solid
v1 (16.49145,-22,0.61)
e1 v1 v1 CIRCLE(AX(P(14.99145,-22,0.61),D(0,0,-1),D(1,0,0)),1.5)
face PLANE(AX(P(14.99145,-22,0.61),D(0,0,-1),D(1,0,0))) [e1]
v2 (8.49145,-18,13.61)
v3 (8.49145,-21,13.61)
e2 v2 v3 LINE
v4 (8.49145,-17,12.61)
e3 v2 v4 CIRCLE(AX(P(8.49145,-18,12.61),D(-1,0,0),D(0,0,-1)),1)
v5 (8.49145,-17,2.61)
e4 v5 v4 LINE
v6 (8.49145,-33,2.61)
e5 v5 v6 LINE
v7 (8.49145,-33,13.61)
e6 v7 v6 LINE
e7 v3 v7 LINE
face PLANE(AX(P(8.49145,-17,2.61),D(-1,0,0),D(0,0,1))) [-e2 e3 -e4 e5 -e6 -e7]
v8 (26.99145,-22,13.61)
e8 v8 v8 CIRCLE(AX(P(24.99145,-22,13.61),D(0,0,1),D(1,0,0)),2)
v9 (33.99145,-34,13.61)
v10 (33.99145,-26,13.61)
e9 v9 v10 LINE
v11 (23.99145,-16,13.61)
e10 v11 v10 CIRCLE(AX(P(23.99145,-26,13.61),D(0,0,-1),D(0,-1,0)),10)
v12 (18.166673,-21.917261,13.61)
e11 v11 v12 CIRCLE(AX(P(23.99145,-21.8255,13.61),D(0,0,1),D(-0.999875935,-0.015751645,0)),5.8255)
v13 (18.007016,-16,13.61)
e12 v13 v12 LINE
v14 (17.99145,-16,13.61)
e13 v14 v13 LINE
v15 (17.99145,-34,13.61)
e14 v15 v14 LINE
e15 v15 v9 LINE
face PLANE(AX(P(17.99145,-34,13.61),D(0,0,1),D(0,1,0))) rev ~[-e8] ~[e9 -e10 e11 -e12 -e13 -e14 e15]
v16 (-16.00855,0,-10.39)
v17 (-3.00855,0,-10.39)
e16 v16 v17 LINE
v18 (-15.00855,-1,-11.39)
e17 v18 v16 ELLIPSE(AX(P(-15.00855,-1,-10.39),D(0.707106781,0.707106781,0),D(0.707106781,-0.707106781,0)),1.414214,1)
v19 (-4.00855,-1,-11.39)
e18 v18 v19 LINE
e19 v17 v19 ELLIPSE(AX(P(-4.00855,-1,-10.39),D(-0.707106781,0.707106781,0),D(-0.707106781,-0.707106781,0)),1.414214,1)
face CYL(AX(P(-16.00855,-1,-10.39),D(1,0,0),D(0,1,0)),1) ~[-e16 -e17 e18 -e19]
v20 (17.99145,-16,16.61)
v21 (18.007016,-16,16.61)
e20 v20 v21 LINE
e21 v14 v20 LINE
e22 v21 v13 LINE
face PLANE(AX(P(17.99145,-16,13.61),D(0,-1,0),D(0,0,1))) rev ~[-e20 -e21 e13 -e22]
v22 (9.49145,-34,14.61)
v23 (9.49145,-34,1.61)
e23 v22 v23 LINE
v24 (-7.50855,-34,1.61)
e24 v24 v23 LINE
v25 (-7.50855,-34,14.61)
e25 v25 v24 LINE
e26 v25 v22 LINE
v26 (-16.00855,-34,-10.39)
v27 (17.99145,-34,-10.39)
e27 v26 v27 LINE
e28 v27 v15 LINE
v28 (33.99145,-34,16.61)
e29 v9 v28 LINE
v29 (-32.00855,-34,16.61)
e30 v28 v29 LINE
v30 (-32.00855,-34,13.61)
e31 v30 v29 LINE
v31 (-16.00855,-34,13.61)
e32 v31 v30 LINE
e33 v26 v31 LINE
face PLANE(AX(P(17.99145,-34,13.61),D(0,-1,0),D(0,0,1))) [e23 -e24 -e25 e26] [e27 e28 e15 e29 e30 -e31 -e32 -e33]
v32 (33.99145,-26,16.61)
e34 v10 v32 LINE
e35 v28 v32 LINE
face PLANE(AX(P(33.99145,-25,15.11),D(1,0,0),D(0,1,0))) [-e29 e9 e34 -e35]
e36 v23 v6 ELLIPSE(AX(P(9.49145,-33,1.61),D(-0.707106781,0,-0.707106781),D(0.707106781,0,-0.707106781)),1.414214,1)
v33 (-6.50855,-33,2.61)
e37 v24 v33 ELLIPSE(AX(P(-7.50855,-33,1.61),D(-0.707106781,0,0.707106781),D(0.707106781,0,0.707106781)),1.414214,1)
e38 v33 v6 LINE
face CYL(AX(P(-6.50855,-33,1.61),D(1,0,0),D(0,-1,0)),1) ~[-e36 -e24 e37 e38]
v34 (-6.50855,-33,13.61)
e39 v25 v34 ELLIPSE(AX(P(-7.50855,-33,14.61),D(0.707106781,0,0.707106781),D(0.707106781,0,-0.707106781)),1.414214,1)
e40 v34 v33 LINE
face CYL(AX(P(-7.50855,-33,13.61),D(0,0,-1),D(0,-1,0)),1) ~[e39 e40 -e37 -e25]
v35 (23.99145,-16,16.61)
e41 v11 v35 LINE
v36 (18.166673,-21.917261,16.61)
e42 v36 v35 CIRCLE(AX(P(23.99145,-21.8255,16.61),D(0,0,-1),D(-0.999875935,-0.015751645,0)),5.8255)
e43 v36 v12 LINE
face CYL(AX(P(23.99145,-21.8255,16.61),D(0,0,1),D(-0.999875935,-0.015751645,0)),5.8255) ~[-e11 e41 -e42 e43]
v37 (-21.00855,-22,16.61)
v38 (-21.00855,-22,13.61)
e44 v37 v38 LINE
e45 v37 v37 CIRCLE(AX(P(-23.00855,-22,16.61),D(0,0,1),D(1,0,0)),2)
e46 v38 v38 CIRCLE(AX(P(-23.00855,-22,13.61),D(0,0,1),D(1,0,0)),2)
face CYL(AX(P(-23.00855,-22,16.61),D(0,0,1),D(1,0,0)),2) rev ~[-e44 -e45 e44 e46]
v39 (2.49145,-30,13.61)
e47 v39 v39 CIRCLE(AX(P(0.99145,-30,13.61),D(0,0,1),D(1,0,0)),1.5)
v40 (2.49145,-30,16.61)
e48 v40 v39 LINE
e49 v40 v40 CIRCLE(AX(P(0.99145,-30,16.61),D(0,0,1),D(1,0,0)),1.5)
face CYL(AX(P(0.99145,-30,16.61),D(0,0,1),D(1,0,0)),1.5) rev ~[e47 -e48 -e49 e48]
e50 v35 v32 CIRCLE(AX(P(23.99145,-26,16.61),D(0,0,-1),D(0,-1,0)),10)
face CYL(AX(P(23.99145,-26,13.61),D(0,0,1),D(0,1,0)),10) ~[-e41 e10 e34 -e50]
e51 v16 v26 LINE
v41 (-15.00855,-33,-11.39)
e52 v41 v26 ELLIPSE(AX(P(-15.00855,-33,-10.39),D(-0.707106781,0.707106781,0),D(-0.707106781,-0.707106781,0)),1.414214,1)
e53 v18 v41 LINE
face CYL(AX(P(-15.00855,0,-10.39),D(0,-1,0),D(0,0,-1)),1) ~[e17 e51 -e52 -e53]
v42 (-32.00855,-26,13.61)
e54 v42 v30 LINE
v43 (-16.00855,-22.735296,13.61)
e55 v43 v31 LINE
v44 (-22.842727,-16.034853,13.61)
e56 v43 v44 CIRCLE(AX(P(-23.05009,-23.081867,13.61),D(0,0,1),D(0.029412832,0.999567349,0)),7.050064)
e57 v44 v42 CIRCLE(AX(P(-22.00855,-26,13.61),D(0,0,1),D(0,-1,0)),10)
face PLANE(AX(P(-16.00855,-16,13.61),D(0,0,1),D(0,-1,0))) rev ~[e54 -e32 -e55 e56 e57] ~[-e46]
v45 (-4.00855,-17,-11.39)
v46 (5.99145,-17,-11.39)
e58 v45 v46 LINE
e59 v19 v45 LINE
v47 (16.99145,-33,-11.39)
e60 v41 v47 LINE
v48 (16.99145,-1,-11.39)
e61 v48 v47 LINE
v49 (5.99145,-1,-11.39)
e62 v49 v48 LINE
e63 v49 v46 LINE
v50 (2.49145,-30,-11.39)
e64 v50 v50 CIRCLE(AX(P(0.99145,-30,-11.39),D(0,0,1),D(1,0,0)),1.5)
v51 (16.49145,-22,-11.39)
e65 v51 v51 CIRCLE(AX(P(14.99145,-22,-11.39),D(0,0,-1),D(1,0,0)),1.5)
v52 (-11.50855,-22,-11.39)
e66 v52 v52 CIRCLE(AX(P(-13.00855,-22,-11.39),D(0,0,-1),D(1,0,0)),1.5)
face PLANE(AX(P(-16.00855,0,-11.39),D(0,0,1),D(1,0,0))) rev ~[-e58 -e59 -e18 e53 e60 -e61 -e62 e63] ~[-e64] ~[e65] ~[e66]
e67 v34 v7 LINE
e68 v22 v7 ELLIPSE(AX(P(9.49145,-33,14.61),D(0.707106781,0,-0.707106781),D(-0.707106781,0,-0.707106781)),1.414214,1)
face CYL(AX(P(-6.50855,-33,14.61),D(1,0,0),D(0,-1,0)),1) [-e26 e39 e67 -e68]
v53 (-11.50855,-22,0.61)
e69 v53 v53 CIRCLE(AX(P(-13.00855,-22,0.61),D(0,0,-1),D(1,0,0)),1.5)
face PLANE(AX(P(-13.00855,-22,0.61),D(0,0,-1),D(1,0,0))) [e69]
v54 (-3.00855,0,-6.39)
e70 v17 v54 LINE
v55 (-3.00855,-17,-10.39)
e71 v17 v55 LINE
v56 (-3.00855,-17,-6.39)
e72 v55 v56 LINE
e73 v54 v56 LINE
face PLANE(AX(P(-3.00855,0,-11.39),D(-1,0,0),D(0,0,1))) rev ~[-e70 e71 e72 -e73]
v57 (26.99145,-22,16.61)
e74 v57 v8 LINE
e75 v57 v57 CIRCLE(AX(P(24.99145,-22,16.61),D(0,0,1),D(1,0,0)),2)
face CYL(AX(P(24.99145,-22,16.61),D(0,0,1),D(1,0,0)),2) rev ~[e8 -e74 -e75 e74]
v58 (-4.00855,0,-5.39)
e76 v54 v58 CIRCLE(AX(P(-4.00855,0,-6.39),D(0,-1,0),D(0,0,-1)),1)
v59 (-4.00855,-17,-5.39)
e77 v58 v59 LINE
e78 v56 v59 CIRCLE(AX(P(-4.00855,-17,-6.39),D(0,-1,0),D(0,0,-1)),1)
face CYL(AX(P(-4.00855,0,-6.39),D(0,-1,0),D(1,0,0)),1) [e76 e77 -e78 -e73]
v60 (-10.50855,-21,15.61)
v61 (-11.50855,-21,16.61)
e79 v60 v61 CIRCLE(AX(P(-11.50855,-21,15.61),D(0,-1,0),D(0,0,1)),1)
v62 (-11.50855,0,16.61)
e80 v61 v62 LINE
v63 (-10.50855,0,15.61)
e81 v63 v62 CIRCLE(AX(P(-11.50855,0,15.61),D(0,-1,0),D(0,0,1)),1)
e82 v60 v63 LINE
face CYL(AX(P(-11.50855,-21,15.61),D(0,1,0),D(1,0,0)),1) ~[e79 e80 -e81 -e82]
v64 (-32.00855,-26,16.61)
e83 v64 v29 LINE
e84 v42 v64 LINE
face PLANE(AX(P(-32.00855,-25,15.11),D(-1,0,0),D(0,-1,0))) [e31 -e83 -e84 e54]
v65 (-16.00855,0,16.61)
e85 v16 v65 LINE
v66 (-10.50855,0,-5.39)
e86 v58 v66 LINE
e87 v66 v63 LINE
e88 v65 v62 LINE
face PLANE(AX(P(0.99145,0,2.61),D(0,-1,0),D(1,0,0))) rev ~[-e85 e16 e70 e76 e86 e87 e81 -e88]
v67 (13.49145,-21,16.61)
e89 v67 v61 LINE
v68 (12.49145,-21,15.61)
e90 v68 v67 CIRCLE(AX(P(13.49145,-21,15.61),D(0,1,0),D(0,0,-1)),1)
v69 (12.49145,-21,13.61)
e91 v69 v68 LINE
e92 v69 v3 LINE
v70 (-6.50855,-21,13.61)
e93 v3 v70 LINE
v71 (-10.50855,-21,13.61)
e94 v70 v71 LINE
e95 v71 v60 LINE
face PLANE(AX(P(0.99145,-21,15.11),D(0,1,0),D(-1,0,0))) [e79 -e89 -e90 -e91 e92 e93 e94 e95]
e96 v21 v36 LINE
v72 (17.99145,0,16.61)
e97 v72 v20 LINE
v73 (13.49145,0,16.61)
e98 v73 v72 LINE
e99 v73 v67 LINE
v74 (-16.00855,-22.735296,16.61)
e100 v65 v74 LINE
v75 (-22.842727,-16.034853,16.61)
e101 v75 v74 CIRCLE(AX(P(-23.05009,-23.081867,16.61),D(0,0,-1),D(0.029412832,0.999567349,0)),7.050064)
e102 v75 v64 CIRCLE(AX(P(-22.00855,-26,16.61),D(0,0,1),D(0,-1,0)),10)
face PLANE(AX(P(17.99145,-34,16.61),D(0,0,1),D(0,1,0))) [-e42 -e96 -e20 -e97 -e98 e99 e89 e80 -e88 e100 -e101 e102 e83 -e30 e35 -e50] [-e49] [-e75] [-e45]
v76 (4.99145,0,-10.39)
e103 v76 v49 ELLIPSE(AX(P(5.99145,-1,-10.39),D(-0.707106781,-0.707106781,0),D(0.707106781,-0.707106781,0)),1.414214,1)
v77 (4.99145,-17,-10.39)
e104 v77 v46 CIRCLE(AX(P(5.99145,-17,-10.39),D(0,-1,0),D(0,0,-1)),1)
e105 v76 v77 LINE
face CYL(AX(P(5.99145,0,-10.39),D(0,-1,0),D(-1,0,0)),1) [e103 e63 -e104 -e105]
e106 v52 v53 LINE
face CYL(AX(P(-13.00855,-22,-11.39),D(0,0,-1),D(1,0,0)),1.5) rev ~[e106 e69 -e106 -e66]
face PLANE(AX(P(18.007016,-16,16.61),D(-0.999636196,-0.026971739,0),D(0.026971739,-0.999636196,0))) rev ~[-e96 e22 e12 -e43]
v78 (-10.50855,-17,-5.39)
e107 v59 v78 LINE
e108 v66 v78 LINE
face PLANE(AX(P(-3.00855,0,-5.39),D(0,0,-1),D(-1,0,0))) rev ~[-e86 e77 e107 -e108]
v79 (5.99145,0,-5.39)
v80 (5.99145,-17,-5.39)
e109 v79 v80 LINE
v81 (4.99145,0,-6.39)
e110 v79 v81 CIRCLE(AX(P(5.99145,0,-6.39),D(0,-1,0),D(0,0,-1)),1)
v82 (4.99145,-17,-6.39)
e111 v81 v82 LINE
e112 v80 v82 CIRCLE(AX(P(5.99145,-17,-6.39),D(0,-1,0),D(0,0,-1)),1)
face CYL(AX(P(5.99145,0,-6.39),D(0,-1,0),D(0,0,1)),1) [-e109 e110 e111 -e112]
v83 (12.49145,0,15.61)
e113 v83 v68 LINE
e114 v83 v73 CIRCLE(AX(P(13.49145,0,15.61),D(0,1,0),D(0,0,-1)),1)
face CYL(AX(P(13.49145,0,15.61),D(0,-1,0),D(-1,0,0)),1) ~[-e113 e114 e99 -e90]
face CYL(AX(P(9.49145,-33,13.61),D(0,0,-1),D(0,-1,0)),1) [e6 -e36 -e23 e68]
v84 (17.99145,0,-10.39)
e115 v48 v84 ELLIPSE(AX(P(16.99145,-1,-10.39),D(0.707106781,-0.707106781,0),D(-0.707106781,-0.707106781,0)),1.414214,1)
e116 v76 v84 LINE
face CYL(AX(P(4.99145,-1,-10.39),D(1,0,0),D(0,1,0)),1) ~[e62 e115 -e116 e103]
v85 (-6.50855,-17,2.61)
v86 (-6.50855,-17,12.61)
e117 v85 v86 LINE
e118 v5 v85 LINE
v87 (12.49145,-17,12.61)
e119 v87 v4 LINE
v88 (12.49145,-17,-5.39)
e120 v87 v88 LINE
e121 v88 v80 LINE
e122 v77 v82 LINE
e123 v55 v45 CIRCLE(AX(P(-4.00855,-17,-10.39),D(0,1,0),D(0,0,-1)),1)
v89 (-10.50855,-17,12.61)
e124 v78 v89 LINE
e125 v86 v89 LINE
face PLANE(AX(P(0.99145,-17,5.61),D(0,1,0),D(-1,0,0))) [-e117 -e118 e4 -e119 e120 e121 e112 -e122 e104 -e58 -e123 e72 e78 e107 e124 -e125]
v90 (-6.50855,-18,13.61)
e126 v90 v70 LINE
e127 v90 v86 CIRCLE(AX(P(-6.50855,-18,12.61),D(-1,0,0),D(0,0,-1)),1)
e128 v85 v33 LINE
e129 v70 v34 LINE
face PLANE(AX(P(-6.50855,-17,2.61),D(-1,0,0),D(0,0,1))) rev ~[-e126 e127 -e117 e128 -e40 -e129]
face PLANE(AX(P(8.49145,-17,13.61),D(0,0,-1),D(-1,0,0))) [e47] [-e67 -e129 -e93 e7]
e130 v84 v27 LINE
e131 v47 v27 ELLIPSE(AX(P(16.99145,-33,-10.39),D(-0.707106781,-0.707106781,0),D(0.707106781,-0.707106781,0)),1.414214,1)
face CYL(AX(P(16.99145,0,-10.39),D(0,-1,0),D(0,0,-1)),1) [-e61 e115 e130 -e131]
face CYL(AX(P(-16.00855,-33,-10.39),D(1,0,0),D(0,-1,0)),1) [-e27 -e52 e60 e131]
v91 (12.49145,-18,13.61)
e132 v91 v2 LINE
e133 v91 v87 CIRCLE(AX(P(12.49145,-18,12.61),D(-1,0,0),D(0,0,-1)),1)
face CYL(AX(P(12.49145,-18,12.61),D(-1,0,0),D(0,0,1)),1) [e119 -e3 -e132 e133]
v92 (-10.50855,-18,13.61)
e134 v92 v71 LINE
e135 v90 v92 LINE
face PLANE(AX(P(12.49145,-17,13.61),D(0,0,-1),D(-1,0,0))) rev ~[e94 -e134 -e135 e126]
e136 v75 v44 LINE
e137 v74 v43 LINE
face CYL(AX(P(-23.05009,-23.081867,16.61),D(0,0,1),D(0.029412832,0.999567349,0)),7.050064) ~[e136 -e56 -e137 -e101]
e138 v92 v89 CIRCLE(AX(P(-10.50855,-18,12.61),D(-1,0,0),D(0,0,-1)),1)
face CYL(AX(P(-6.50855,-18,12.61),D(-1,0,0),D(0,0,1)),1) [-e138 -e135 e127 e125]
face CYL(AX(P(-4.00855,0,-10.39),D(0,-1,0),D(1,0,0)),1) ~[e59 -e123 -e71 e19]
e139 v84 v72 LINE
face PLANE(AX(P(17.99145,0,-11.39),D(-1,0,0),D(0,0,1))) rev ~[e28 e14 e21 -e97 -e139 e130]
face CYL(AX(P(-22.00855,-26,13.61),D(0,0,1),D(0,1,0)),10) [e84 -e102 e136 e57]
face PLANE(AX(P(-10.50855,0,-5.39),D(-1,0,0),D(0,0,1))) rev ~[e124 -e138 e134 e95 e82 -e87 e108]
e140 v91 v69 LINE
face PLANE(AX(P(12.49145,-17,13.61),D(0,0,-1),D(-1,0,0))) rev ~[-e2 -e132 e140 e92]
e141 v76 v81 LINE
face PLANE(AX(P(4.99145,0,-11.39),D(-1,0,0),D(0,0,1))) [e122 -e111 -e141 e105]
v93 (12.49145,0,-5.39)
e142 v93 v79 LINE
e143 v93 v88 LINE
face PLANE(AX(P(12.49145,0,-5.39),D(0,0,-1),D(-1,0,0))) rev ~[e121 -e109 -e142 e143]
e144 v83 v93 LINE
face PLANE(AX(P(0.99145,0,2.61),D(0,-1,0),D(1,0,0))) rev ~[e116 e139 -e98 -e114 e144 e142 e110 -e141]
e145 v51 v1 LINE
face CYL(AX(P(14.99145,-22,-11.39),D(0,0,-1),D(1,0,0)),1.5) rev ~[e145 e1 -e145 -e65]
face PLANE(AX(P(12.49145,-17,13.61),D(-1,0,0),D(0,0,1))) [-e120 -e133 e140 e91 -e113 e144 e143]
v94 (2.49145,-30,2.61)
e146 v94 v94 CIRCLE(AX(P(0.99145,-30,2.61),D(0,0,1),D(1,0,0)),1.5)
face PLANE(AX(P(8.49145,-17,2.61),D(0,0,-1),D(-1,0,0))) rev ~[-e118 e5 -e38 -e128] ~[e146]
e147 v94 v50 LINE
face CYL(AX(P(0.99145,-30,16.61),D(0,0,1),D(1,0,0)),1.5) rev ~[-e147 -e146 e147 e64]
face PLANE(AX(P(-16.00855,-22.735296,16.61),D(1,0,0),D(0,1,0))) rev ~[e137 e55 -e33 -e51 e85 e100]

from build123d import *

# Parameters (mm, degrees)
F0_W      = 34
F0_H      = 28
F1_DEPTH  = 34
F3_R      = 1.5
F4_DEPTH  = 12
F5_W      = 8
F5_H      = 6
F6_DEPTH  = 17
F2_R      = 1.5
F7_DEPTH  = 28.001
F8_W      = 23
F8_H      = 3
F9_DEPTH  = 4
F10_W     = 15
F10_H     = 11
F11_DEPTH = 17.001
F12_W     = 18
F12_H     = 3
F13_DEPTH = 16
F14_W     = 18
F14_H     = 3
F15_DEPTH = 16
F16_R     = 10
F17_R     = 2
F18_DEPTH = 25
F19_R     = 1


with BuildPart() as f1:
    # F0 (on Front) → F1 (new body)
    with BuildSketch(Plane.XZ):
        with Locations((0.991450157, 2.6100003274)):
            Rectangle(F0_W, F0_H)
    extrude(amount=F1_DEPTH)

    # F3 (on face) → F4 (cut)
    with BuildSketch(Plane(origin=(0, 0, -11.3899996726), x_dir=(1, 0, 0), z_dir=(0, 0, -1))):
        with Locations((-13.008549843, 22)):
            Circle(F3_R)
        with Locations((14.991450157, 22)):
            Circle(F3_R)
    extrude(amount=-F4_DEPTH, mode=Mode.SUBTRACT)

    # F5 (on face) → F6 (cut)
    with BuildSketch(Plane(origin=(0, 0, 0), x_dir=(-1, 0, 0), z_dir=(0, 1, 0))):
        Polygon((10.508549843, 16.6100003274), (-12.491450157, 16.6100003274), (-12.491450157, -5.3899996726), (-4.991450157, -5.3899996726), (3.008549843, -5.3899996726), (10.508549843, -5.3899996726), align=None)
        with Locations((-0.991450157, -8.3899996726)):
            Rectangle(F5_W, F5_H)
    extrude(amount=-F6_DEPTH, mode=Mode.SUBTRACT)

    # F2 (on face) → F7 (cut, through all)
    with BuildSketch(Plane.XY.offset(16.6100003274)):
        with Locations((0.991450157, -30)):
            Circle(F2_R)
    extrude(amount=-F7_DEPTH, mode=Mode.SUBTRACT)

    # F8 (on face) → F9 (cut)
    with BuildSketch(Plane(origin=(0, -17, 0), x_dir=(-1, 0, 0), z_dir=(0, 1, 0))):
        with Locations((-0.991450157, 15.1100003274)):
            Rectangle(F8_W, F8_H)
    extrude(amount=-F9_DEPTH, mode=Mode.SUBTRACT)

    # F10 (on face) → F11 (cut, through all)
    with BuildSketch(Plane(origin=(0, -17, 0), x_dir=(-1, 0, 0), z_dir=(0, 1, 0))):
        with Locations((-0.991450157, 8.1100003274)):
            Rectangle(F10_W, F10_H)
    extrude(amount=-F11_DEPTH, mode=Mode.SUBTRACT)

    # F12 (on face) → F13 (join)
    with BuildSketch(Plane(origin=(-16.008549843, 0, 0), x_dir=(0, -1, 0), z_dir=(-1, 0, 0))):
        with Locations((25, 15.1100003274)):
            Rectangle(F12_W, F12_H)
    extrude(amount=F13_DEPTH)

    # F14 (on face) → F15 (join)
    with BuildSketch(Plane.YZ.offset(17.991450157)):
        with Locations((-25, 15.1100003274)):
            Rectangle(F14_W, F14_H)
    extrude(amount=F15_DEPTH)

    # F16
    f16_edges = [f1.edges().sort_by_distance(p)[0] for p in [
        (33.99145, -16, 15.11),
        (-32.00855, -16, 15.11),
    ]]
    fillet(f16_edges, radius=F16_R)

    # F17 (on face) → F18 (cut)
    with BuildSketch(Plane.XY.offset(16.6100003274)):
        with Locations((-23.008549843, -22)):
            Circle(F17_R)
        with Locations((24.991450157, -22)):
            Circle(F17_R)
        with BuildLine():
            Line((-16.008549843, -22.7352958173), (-16.008549843, -16))
            Line((-16.008549843, -16), (-22.008549843, -16))
            ThreePointArc((-22.008549843, -16), (-22.4260025255, -16.0087171365), (-22.8427274097, -16.0348533484))
            ThreePointArc((-22.8427274097, -16.0348533484), (-18.1144410308, -18.0477066054), (-16.008549843, -22.7352958173))
        make_face()
        with BuildLine():
            Line((18.007015779, -16), (18.1666726931, -21.9172614151))
            ThreePointArc((18.1666726931, -21.9172614151), (19.839883731, -17.7388207651), (23.991450157, -16))
            Line((23.991450157, -16), (18.007015779, -16))
        make_face()
    extrude(amount=-F18_DEPTH, mode=Mode.SUBTRACT)

    # F19
    f19_edges = [f1.edges().sort_by_distance(p)[0] for p in [
        (-16.00855, -17, -11.39),
        (17.99145, -17, -11.39),
        (4.99145, -8.5, -5.39),
        (-3.00855, -8.5, -5.39),
        (4.99145, -8.5, -11.39),
        (-3.00855, -8.5, -11.39),
        (12.49145, -10.5, 16.61),
        (-10.50855, -10.5, 16.61),
        (0.99145, -34, 2.61),
        (8.49145, -34, 8.11),
        (0.99145, -34, 13.61),
        (-6.50855, -34, 8.11),
        (-8.50855, -17, 13.61),
        (10.49145, -17, 13.61),
        (0.99145, -34, -11.39),
        (-9.50855, 0, -11.39),
        (11.49145, 0, -11.39),
    ]]
    fillet(f19_edges, radius=F19_R)


solid = f1.part
